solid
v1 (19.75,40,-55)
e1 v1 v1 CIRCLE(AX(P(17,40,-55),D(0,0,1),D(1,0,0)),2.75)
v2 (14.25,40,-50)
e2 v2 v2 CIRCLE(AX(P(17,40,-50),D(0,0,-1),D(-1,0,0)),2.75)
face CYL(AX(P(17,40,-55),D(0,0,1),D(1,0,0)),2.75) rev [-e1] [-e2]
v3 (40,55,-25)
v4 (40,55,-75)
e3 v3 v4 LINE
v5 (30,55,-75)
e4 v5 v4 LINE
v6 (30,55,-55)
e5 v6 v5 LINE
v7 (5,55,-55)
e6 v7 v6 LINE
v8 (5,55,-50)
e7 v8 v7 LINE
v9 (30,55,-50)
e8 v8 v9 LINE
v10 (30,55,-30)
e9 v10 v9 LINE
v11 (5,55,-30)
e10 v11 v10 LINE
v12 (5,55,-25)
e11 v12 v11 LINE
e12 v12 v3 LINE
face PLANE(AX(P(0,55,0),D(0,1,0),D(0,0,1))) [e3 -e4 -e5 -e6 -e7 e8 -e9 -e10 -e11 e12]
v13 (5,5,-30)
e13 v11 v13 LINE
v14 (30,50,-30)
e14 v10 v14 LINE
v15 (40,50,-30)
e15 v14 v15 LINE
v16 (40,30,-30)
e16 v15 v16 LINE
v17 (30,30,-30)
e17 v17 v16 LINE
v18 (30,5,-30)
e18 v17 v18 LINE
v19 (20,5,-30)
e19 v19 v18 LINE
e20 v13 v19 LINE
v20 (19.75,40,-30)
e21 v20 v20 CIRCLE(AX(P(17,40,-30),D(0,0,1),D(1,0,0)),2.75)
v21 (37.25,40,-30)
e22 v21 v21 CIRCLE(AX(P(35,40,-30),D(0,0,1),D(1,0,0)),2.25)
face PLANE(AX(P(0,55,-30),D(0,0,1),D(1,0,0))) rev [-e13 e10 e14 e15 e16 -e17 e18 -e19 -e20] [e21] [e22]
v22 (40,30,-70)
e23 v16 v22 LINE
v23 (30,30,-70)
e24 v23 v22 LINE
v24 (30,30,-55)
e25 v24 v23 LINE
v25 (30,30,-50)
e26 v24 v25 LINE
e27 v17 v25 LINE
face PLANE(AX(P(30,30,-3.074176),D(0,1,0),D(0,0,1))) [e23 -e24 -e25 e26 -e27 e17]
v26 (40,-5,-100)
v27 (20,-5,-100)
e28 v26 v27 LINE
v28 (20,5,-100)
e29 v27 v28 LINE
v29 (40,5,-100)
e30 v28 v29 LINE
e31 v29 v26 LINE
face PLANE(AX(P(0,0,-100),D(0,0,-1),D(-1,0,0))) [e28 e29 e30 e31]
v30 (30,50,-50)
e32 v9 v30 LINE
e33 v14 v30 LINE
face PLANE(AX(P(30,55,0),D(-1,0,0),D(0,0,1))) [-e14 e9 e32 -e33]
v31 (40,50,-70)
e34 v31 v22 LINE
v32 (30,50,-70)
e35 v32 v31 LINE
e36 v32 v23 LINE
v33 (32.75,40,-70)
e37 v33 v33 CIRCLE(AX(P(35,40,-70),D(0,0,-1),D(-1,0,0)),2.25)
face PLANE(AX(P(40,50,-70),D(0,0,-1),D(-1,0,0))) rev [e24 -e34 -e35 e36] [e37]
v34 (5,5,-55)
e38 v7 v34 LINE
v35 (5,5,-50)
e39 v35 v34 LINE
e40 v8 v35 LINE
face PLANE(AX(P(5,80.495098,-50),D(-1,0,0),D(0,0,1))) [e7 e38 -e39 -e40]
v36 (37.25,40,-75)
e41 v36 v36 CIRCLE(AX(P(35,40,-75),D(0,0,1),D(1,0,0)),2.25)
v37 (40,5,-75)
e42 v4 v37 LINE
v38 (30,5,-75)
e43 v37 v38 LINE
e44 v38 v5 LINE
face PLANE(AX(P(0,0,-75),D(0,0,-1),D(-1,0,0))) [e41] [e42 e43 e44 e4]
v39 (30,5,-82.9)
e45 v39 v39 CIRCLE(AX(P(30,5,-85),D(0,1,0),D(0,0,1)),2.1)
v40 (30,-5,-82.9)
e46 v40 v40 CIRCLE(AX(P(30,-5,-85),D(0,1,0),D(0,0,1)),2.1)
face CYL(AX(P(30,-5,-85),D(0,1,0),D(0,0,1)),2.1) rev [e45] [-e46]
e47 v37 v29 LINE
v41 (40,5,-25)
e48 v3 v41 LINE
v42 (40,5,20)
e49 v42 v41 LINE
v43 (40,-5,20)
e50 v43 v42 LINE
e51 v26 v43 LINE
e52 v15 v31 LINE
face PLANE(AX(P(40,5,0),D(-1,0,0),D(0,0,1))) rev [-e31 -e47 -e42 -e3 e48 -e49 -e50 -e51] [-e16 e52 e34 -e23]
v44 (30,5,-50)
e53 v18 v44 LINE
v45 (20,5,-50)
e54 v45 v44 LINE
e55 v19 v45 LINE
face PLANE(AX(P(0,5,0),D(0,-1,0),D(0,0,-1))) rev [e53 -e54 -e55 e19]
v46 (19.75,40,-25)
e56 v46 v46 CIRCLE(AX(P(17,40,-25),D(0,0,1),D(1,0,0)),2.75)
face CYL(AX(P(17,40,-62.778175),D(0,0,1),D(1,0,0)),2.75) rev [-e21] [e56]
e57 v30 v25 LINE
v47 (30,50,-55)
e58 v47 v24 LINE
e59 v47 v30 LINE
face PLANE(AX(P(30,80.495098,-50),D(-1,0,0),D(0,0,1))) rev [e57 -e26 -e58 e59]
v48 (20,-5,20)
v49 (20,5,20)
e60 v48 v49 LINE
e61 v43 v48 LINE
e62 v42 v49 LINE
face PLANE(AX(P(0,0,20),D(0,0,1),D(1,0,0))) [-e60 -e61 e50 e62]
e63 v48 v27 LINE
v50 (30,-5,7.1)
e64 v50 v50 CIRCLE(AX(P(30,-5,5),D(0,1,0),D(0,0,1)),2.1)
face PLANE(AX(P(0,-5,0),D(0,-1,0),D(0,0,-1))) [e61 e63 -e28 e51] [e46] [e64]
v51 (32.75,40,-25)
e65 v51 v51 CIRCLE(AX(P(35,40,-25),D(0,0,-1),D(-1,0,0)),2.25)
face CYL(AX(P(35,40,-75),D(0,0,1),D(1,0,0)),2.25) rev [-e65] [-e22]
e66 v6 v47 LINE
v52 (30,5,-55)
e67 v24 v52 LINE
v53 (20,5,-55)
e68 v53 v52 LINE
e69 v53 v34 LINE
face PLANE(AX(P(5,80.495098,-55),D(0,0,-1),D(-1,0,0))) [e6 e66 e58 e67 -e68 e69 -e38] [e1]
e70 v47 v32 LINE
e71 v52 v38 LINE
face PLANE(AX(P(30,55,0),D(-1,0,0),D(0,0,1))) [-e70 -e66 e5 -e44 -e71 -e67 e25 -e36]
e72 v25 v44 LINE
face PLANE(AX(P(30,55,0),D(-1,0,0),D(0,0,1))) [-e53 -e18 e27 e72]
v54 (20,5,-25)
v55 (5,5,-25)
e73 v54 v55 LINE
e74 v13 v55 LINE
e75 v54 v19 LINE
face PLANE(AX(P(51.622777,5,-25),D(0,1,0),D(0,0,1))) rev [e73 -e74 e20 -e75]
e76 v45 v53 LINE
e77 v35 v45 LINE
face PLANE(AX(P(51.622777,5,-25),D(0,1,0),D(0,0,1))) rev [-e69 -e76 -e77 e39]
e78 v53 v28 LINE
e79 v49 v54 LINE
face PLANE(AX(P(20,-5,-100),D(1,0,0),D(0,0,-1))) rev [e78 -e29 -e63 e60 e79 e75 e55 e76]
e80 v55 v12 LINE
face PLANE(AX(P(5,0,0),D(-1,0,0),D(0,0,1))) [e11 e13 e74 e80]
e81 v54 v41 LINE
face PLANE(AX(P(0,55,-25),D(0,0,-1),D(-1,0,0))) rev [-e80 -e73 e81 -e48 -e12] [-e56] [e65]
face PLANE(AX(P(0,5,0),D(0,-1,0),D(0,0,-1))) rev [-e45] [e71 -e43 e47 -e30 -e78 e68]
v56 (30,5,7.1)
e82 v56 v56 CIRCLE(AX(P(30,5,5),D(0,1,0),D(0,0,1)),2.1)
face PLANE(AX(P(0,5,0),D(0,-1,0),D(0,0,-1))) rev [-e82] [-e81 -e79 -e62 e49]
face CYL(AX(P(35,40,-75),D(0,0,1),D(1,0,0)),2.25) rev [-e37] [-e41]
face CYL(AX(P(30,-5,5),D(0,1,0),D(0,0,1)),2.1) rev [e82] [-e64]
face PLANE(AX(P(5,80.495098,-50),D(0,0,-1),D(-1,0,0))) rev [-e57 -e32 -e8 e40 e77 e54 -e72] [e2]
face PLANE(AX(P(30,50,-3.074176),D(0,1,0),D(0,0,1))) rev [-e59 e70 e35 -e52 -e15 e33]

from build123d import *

# Parameters (mm, degrees)
SKETCH4_W            = 40
SKETCH4_H            = 80
BOSS_EXTRUDE4_DEPTH  = 5
SKETCH5_W            = 10
SKETCH5_H            = 5
BOSS_EXTRUDE6_DEPTH  = 50
SKETCH7_W            = 10
SKETCH7_H            = 25
SKETCH7_H_2          = 5
BOSS_EXTRUDE7_DEPTH  = 20
SKETCH9_W            = 80
SKETCH9_H            = 5
BOSS_EXTRUDE9_DEPTH  = 10
SKETCH10_W           = 50
SKETCH10_H           = 5
BOSS_EXTRUDE10_DEPTH = 20
SKETCH11_R           = 2.25
CUT_EXTRUDE1_DEPTH   = 25
SKETCH12_R           = 4
SKETCH12_R_2         = 2.25
CUT_EXTRUDE2_DEPTH   = 2
SKETCH15_W           = 5
SKETCH15_H           = 50
BOSS_EXTRUDE11_DEPTH = 20
CUT_EXTRUDE4_REACH   = 89.464
SKETCH16_R           = 2.75
SKETCH19_W           = 5
SKETCH19_H           = 50
BOSS_EXTRUDE12_DEPTH = 5
SKETCH21_W           = 50
SKETCH21_H           = 100
BOSS_EXTRUDE14_DEPTH = 5
SKETCH22_W           = 50
SKETCH22_H           = 10
BOSS_EXTRUDE15_DEPTH = 20
SKETCH24_W           = 35
SKETCH24_H           = 5
CUT_EXTRUDE5_DEPTH   = 50
SKETCH25_W           = 10
SKETCH25_H           = 25
SKETCH25_H_2         = 5
BOSS_EXTRUDE16_DEPTH = 25
SKETCH26_W           = 10
SKETCH26_H           = 5
BOSS_EXTRUDE17_DEPTH = 20
BOSS_EXTRUDE18_START = 2
SKETCH27_R           = 4
SKETCH27_R_2         = 2.25
BOSS_EXTRUDE18_DEPTH = 2
SKETCH28_R           = 2.25
CUT_EXTRUDE6_DEPTH   = 50
SKETCH29_W           = 25
SKETCH29_H           = 5
BOSS_EXTRUDE19_DEPTH = 50
SKETCH31_R           = 2.75
CUT_EXTRUDE7_DEPTH   = 30
SKETCH32_W           = 30
SKETCH32_H           = 45
CUT_EXTRUDE8_DEPTH   = 10
SKETCH33_W           = 30
SKETCH33_H           = 10
CUT_EXTRUDE9_DEPTH   = 30
SKETCH35_R           = 2.1
CUT_EXTRUDE10_DEPTH  = 10


with BuildPart() as part:
    # Sketch4 → Boss-Extrude4 (new body)
    with BuildSketch(Plane(origin=(0, 0, 0), x_dir=(1, 0, 0), z_dir=(0, 1, 0))):
        with Locations((20, 40)):
            Rectangle(SKETCH4_W, SKETCH4_H)
    extrude(amount=BOSS_EXTRUDE4_DEPTH)

    # Sketch5 → Boss-Extrude6 (add)
    with BuildSketch(Plane(origin=(0, 5, 0), x_dir=(1, 0, 0), z_dir=(0, 1, 0))):
        with Locations((35, 52.5)):
            Rectangle(SKETCH5_W, SKETCH5_H)
        with Locations((35, 27.5)):
            Rectangle(SKETCH5_W, SKETCH5_H)
    extrude(amount=BOSS_EXTRUDE6_DEPTH)

    # Sketch7 → Boss-Extrude7 (add)
    with BuildSketch(Plane.XY.offset(-50)):
        with Locations((35, 17.5)):
            Rectangle(SKETCH7_W, SKETCH7_H)
        with Locations((35, 52.5)):
            Rectangle(SKETCH7_W, SKETCH7_H_2)
    extrude(amount=BOSS_EXTRUDE7_DEPTH)

    # Sketch9 → Boss-Extrude9 (add)
    with BuildSketch(Plane.ZY):
        with Locations((-40, 2.5)):
            Rectangle(SKETCH9_W, SKETCH9_H)
    extrude(amount=BOSS_EXTRUDE9_DEPTH)

    # Sketch10 → Boss-Extrude10 (add)
    with BuildSketch(Plane.XY):
        with Locations((15, 2.5)):
            Rectangle(SKETCH10_W, SKETCH10_H)
    extrude(amount=BOSS_EXTRUDE10_DEPTH)

    # Sketch11 → Cut-Extrude1 (cut, symmetric)
    with BuildSketch(Plane.XY.offset(-50)):
        with Locations((35, 40)):
            Circle(SKETCH11_R)
    extrude(amount=CUT_EXTRUDE1_DEPTH, both=True, mode=Mode.SUBTRACT)

    # Sketch12 → Cut-Extrude2 (cut)
    with BuildSketch(Plane.XY.offset(-25)):
        with Locations((35, 40)):
            Circle(SKETCH12_R)
        with Locations((35, 40)):
            Circle(SKETCH12_R_2, mode=Mode.SUBTRACT)
    extrude(amount=-CUT_EXTRUDE2_DEPTH, mode=Mode.SUBTRACT)

    # Sketch15 → Boss-Extrude11 (add)
    with BuildSketch(Plane.ZY.offset(-30)):
        with Locations((-52.5, 30)):
            Rectangle(SKETCH15_W, SKETCH15_H)
        with Locations((-27.5, 30)):
            Rectangle(SKETCH15_W, SKETCH15_H)
    extrude(amount=BOSS_EXTRUDE11_DEPTH)

    # Cut-Extrude4: up to this face of the body (flat: up to its plane)
    cut_extrude4_end = Plane(part.part.faces().sort_by_distance((24.892834991, 29.892834991, -55))[0])
    # Sketch16 → Cut-Extrude4 (cut, up to the picked face)
    with BuildSketch(Plane.XY.offset(-25), mode=Mode.PRIVATE) as cut_extrude4_sk1:
        with Locations((17, 40)):
            Circle(SKETCH16_R)
    cut_extrude4_tool1 = split(extrude(cut_extrude4_sk1.sketch, amount=-CUT_EXTRUDE4_REACH, mode=Mode.PRIVATE), bisect_by=cut_extrude4_end, keep=Keep.BOTH, mode=Mode.PRIVATE)
    add(cut_extrude4_tool1.solids().sort_by(Axis((17, 40, -25), (0, 0, -1)))[0], mode=Mode.SUBTRACT)

    # Sketch19 → Boss-Extrude12 (add)
    with BuildSketch(Plane.ZY.offset(-10)):
        with Locations((-52.5, 30)):
            Rectangle(SKETCH19_W, SKETCH19_H)
        with Locations((-27.5, 30)):
            Rectangle(SKETCH19_W, SKETCH19_H)
    extrude(amount=BOSS_EXTRUDE12_DEPTH)

    # Sketch21 → Boss-Extrude14 (add)
    with BuildSketch(Plane.XZ):
        with Locations((15, -30)):
            Rectangle(SKETCH21_W, SKETCH21_H)
    extrude(amount=BOSS_EXTRUDE14_DEPTH)

    # Sketch22 → Boss-Extrude15 (add)
    with BuildSketch(Plane(origin=(0, 0, -80), x_dir=(-1, 0, 0), z_dir=(0, 0, -1))):
        with Locations((-15, 0)):
            Rectangle(SKETCH22_W, SKETCH22_H)
    extrude(amount=BOSS_EXTRUDE15_DEPTH)

    # Sketch24 → Cut-Extrude5 (cut)
    with BuildSketch(Plane(origin=(0, 55, 0), x_dir=(1, 0, 0), z_dir=(0, 1, 0))):
        with Locations((22.5, 52.5)):
            Rectangle(SKETCH24_W, SKETCH24_H)
    extrude(amount=-CUT_EXTRUDE5_DEPTH, mode=Mode.SUBTRACT)

    # Sketch25 → Boss-Extrude16 (add)
    with BuildSketch(Plane(origin=(0, 0, -50), x_dir=(-1, 0, 0), z_dir=(0, 0, -1))):
        with Locations((-35, 17.5)):
            Rectangle(SKETCH25_W, SKETCH25_H)
        with Locations((-35, 52.5)):
            Rectangle(SKETCH25_W, SKETCH25_H_2)
    extrude(amount=BOSS_EXTRUDE16_DEPTH)

    # Sketch26 → Boss-Extrude17 (add)
    with BuildSketch(Plane(origin=(0, 30, 0), x_dir=(1, 0, 0), z_dir=(0, 1, 0))):
        with Locations((35, 72.5)):
            Rectangle(SKETCH26_W, SKETCH26_H)
    extrude(amount=BOSS_EXTRUDE17_DEPTH)

    # Sketch27 → Boss-Extrude18 (add)
    with BuildSketch(Plane.XY.offset(-27).offset(BOSS_EXTRUDE18_START)):
        with Locations((35, 40)):
            Circle(SKETCH27_R)
        with Locations((35, 40)):
            Circle(SKETCH27_R_2, mode=Mode.SUBTRACT)
    extrude(amount=-BOSS_EXTRUDE18_DEPTH)

    # Sketch28 → Cut-Extrude6 (cut)
    with BuildSketch(Plane.XY.offset(-25)):
        with Locations((35, 40)):
            Circle(SKETCH28_R)
    extrude(amount=-CUT_EXTRUDE6_DEPTH, mode=Mode.SUBTRACT)

    # Sketch29 → Boss-Extrude19 (add)
    with BuildSketch(Plane(origin=(0, 5, 0), x_dir=(1, 0, 0), z_dir=(0, 1, 0))):
        with Locations((17.5, 52.5)):
            Rectangle(SKETCH29_W, SKETCH29_H)
    extrude(amount=BOSS_EXTRUDE19_DEPTH)

    # Sketch31 → Cut-Extrude7 (cut)
    with BuildSketch(Plane.XY.offset(-25)):
        with Locations((17, 40)):
            Circle(SKETCH31_R)
    extrude(amount=-CUT_EXTRUDE7_DEPTH, mode=Mode.SUBTRACT)

    # Sketch32 → Cut-Extrude8 (cut)
    with BuildSketch(Plane(origin=(0, 5, 0), x_dir=(1, 0, 0), z_dir=(0, 1, 0))):
        with Locations((5, 77.5)):
            Rectangle(SKETCH32_W, SKETCH32_H)
        with Locations((5, 2.5)):
            Rectangle(SKETCH32_W, SKETCH32_H)
    extrude(amount=-CUT_EXTRUDE8_DEPTH, mode=Mode.SUBTRACT)

    # Sketch33 → Cut-Extrude9 (cut)
    with BuildSketch(Plane.ZY.offset(10)):
        with Locations((-40, 0)):
            Rectangle(SKETCH33_W, SKETCH33_H)
    extrude(amount=-CUT_EXTRUDE9_DEPTH, mode=Mode.SUBTRACT)

    # Sketch35 → Cut-Extrude10 (cut)
    with BuildSketch(Plane(origin=(0, 5, 0), x_dir=(1, 0, 0), z_dir=(0, 1, 0))):
        with Locations(Location((30, 85, 0), (0, 0, 270))):
            Circle(SKETCH35_R)
        with Locations(Location((30, -5, 0), (0, 0, 270))):
            Circle(SKETCH35_R)
    extrude(amount=-CUT_EXTRUDE10_DEPTH, mode=Mode.SUBTRACT)


solid = part.part
